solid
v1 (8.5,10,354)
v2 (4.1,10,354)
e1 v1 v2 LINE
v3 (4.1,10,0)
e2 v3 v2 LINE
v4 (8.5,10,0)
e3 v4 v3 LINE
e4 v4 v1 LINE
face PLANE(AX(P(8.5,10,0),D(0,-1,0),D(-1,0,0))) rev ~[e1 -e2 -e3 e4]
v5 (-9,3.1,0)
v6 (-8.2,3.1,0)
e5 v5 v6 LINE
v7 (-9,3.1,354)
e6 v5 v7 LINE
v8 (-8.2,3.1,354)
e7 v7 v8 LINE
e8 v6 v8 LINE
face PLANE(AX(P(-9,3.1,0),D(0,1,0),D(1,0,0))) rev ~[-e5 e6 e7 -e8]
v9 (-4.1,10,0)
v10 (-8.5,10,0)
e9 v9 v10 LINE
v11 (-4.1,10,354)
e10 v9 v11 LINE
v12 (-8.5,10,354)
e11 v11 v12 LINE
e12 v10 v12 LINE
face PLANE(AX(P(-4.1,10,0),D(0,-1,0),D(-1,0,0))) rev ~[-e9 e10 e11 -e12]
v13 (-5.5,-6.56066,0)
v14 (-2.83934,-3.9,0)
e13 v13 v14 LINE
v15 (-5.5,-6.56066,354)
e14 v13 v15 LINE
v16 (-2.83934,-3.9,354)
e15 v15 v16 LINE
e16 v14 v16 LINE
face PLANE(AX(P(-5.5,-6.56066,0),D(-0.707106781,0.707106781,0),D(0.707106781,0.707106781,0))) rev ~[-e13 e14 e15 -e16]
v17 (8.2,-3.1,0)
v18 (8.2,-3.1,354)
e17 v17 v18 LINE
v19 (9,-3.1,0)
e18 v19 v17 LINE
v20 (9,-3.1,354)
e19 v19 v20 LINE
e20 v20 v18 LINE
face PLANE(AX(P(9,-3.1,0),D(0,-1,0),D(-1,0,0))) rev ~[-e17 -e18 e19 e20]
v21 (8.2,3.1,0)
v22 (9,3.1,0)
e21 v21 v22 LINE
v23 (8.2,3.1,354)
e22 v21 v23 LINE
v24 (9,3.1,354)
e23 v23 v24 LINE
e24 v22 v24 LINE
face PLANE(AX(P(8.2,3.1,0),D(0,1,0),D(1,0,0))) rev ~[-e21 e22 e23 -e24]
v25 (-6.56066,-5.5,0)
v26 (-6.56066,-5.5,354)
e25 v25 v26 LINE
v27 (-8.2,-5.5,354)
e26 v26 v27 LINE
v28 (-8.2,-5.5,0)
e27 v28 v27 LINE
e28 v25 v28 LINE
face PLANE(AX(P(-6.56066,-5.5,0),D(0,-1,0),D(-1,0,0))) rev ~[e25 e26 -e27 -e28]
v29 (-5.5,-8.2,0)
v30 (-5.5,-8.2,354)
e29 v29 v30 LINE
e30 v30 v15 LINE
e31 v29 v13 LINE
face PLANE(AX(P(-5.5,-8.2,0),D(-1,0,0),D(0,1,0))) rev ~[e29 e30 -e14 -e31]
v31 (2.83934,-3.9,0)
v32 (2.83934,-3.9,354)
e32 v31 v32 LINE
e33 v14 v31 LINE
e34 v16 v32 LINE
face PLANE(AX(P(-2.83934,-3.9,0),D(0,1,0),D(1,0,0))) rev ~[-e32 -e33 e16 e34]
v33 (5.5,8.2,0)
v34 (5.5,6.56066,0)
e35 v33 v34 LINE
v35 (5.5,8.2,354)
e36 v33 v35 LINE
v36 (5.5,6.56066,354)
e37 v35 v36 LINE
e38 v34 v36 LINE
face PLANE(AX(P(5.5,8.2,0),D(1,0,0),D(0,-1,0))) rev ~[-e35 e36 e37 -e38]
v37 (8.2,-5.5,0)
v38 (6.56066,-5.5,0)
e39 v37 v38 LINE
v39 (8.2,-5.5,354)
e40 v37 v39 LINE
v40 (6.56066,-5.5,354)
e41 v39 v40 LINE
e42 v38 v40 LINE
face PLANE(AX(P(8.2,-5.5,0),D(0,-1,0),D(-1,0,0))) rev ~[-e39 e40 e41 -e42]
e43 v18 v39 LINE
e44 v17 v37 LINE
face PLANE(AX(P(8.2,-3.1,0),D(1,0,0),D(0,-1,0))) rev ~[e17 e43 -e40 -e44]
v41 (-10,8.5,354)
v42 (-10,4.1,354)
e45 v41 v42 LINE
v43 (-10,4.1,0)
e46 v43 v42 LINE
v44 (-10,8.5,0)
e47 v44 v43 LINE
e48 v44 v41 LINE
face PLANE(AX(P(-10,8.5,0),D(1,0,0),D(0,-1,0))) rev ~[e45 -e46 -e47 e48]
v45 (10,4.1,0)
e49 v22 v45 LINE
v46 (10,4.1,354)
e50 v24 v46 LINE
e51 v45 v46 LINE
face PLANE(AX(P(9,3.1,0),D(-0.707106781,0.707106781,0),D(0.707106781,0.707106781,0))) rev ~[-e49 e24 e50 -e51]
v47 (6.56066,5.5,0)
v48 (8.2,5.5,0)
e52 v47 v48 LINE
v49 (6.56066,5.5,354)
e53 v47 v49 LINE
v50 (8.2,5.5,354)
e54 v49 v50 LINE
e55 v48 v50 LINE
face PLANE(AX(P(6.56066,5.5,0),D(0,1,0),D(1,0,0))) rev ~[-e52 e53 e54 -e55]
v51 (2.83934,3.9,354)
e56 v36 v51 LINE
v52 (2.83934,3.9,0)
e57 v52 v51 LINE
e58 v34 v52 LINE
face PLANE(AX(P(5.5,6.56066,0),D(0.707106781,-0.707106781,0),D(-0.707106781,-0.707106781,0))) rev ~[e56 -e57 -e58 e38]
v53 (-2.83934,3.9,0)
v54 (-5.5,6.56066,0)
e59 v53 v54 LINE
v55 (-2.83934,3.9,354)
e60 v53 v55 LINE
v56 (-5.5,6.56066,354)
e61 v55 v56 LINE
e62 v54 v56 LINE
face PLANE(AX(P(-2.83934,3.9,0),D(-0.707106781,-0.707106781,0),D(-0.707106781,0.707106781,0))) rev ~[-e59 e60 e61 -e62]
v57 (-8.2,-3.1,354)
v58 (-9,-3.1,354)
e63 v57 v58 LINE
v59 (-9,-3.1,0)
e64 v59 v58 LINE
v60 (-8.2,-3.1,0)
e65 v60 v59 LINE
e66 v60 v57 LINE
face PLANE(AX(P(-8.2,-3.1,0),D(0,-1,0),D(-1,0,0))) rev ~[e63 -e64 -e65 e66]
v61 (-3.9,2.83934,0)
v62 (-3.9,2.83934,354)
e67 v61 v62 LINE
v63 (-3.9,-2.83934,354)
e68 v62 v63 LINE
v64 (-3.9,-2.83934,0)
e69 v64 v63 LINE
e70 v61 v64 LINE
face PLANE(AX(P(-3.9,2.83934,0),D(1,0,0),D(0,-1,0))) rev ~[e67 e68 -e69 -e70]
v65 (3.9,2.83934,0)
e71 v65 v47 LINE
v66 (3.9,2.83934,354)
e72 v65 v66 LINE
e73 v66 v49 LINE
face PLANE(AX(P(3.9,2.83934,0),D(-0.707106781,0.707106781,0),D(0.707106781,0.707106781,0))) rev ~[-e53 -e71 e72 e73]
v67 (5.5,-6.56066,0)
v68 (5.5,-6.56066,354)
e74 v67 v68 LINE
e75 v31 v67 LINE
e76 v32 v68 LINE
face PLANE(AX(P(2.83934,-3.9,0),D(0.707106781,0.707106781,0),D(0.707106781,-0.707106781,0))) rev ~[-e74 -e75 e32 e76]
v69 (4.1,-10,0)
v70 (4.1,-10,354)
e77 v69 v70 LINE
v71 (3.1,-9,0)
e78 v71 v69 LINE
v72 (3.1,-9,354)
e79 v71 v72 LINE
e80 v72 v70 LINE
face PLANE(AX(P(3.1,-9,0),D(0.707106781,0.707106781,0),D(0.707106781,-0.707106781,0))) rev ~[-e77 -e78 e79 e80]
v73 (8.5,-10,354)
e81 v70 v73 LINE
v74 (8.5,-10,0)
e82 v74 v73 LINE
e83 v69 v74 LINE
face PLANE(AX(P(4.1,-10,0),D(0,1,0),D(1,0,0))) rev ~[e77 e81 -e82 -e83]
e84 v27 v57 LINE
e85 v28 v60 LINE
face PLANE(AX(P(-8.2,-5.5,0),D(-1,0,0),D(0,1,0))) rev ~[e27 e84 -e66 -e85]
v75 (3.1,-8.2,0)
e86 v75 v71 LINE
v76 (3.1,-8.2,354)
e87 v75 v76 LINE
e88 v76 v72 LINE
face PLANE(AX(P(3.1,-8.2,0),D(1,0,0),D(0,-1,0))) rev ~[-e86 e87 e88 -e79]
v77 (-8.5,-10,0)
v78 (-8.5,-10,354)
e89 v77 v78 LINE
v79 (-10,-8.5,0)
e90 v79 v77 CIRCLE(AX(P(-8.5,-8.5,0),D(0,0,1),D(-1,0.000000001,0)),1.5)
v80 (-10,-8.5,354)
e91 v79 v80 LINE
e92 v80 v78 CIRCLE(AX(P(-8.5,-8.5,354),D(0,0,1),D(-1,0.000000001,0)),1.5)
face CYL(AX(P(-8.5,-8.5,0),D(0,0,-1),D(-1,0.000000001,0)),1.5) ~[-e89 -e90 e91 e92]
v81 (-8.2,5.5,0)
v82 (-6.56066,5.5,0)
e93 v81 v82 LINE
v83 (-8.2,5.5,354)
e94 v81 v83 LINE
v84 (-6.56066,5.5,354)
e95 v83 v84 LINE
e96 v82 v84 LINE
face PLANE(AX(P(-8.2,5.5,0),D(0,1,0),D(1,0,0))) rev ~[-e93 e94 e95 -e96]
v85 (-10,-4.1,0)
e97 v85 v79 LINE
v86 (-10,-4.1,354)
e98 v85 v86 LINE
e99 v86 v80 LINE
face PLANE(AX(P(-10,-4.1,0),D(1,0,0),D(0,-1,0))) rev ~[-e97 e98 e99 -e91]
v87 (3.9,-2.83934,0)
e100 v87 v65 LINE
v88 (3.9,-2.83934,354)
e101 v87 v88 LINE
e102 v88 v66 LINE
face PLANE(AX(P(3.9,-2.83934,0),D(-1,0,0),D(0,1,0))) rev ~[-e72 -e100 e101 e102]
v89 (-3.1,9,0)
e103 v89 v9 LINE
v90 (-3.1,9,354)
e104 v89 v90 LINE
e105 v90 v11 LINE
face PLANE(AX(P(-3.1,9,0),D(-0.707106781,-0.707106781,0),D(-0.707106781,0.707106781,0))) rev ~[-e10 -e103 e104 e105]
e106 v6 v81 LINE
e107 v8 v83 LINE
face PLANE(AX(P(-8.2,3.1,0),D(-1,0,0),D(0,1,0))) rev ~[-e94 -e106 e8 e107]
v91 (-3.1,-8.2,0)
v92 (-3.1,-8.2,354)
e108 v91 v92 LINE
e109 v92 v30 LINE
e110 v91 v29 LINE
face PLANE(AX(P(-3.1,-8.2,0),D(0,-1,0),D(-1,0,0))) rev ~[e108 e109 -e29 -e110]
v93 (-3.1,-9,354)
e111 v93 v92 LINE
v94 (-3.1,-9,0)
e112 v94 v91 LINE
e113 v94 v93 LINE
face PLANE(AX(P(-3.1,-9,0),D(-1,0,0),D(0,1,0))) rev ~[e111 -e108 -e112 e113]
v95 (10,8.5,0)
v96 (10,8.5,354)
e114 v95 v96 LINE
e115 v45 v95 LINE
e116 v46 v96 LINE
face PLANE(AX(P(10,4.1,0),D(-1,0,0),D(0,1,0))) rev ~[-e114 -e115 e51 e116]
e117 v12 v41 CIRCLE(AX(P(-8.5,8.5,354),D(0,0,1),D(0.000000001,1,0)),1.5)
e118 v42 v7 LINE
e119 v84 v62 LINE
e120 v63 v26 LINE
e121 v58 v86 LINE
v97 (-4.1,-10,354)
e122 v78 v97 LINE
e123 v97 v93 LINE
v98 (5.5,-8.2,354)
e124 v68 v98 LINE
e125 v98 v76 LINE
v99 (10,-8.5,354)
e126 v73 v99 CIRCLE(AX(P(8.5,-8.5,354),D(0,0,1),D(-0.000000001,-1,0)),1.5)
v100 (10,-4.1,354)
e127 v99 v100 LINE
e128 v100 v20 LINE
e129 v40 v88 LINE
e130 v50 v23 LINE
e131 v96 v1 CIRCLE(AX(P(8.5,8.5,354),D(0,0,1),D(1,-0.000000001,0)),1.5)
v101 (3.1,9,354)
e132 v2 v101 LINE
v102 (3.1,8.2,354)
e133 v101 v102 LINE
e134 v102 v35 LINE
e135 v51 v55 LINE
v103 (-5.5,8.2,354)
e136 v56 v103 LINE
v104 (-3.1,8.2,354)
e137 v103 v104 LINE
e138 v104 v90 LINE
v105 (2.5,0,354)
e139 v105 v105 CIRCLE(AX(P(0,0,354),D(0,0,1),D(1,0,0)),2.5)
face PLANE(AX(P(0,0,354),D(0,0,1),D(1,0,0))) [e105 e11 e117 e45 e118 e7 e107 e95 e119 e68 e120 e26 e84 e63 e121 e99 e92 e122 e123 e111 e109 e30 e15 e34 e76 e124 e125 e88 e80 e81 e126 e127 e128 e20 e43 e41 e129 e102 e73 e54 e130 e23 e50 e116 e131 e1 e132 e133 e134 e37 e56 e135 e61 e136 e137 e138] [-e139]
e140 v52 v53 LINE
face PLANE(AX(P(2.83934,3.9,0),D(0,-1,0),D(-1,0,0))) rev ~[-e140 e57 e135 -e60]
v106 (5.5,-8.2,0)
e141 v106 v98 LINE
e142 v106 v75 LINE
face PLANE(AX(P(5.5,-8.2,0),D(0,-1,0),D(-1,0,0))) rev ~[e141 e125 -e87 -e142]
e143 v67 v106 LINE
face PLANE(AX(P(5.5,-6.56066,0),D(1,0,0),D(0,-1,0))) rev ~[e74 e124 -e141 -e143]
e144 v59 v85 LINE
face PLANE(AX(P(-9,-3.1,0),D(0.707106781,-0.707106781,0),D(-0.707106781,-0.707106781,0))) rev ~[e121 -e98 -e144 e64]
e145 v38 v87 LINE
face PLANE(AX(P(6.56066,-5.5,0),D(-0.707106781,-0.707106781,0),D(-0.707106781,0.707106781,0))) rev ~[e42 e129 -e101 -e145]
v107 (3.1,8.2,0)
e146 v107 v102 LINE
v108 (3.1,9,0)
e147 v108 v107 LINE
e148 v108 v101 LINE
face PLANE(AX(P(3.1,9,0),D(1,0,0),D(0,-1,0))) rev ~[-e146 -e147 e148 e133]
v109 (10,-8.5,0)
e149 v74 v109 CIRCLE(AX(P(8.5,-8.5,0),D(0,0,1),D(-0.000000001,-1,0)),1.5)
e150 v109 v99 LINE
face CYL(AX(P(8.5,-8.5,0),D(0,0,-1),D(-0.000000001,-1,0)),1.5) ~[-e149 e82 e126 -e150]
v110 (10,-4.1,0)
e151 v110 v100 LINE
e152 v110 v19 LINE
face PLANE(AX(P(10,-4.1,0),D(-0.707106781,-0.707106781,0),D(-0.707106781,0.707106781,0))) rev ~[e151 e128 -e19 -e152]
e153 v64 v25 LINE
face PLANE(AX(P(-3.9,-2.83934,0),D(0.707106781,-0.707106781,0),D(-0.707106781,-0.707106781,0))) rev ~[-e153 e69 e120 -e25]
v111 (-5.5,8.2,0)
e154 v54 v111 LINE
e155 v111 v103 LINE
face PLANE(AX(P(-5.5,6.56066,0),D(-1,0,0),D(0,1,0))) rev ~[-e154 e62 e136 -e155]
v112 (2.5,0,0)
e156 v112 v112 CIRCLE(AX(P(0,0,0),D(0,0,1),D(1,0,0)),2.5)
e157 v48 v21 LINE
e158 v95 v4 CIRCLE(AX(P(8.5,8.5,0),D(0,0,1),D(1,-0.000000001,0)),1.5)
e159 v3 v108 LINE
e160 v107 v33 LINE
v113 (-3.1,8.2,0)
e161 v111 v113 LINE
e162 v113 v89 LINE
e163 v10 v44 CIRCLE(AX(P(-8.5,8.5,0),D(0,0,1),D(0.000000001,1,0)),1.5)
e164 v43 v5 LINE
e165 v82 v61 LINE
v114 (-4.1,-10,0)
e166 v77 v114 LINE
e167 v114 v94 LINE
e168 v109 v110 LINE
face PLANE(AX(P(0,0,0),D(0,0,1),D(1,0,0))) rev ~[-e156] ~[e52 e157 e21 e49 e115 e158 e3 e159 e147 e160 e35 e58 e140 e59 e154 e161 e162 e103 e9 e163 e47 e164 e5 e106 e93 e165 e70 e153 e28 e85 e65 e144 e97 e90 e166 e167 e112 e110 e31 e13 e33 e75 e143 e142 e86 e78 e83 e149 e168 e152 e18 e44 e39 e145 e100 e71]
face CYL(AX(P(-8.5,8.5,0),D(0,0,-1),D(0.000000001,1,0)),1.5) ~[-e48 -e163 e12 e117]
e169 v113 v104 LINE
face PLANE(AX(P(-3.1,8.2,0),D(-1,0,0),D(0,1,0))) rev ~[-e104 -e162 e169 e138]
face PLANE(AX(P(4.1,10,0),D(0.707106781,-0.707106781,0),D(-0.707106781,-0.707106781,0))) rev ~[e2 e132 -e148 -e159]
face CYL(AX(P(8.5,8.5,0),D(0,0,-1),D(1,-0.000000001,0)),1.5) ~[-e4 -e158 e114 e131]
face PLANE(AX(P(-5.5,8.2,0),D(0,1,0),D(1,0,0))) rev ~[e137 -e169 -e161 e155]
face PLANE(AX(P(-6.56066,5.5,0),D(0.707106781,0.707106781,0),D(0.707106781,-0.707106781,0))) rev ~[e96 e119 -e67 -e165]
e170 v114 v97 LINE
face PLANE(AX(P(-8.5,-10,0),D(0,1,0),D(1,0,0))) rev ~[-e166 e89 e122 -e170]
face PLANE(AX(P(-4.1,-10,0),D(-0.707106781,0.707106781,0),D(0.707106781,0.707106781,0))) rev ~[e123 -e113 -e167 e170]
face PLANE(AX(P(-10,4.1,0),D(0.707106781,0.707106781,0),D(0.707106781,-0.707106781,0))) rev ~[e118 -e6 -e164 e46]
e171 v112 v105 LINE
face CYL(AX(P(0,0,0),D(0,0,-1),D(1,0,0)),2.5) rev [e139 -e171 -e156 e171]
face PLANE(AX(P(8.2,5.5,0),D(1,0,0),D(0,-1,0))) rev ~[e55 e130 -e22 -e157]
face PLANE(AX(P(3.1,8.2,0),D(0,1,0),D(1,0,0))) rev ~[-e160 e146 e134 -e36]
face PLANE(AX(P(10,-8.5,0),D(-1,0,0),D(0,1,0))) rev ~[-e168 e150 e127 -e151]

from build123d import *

# Parameters (mm, degrees)
SKETCH1_R           = 2.5
BOSS_EXTRUDE1_DEPTH = 354


with BuildPart() as part:
    # Sketch1 → Boss-Extrude1 (new body)
    with BuildSketch(Plane.XY):
        with BuildLine():
            Line((2.839339828, 3.9), (-2.839339828, 3.9))
            Line((-2.839339828, 3.9), (-5.5, 6.560660172))
            Line((-5.5, 6.560660172), (-5.5, 8.2))
            Line((-5.5, 8.2), (-3.1, 8.2))
            Line((-3.1, 8.2), (-3.1, 9))
            Line((-3.1, 9), (-4.1, 10))
            Line((-4.1, 10), (-8.5, 10))
            ThreePointArc((-8.5, 10), (-9.560660172, 9.560660172), (-10, 8.5))
            Line((-10, 8.5), (-10, 4.1))
            Line((-10, 4.1), (-9, 3.1))
            Line((-9, 3.1), (-8.2, 3.1))
            Line((-8.2, 3.1), (-8.2, 5.5))
            Line((-8.2, 5.5), (-6.560660172, 5.5))
            Line((-6.560660172, 5.5), (-3.9, 2.839339828))
            Line((-3.9, 2.839339828), (-3.9, -2.839339828))
            Line((-3.9, -2.839339828), (-6.560660172, -5.5))
            Line((-6.560660172, -5.5), (-8.2, -5.5))
            Line((-8.2, -5.5), (-8.2, -3.1))
            Line((-8.2, -3.1), (-9, -3.1))
            Line((-9, -3.1), (-10, -4.1))
            Line((-10, -4.1), (-10, -8.5))
            ThreePointArc((-10, -8.5), (-9.560660172, -9.560660172), (-8.5, -10))
            Line((-8.5, -10), (-4.1, -10))
            Line((-4.1, -10), (-3.1, -9))
            Line((-3.1, -9), (-3.1, -8.2))
            Line((-3.1, -8.2), (-5.5, -8.2))
            Line((-5.5, -8.2), (-5.5, -6.560660172))
            Line((-5.5, -6.560660172), (-2.839339828, -3.9))
            Line((-2.839339828, -3.9), (2.839339828, -3.9))
            Line((2.839339828, -3.9), (5.5, -6.560660172))
            Line((5.5, -6.560660172), (5.5, -8.2))
            Line((5.5, -8.2), (3.1, -8.2))
            Line((3.1, -8.2), (3.1, -9))
            Line((3.1, -9), (4.1, -10))
            Line((4.1, -10), (8.5, -10))
            ThreePointArc((8.5, -10), (9.560660172, -9.560660172), (10, -8.5))
            Line((10, -8.5), (10, -4.1))
            Line((10, -4.1), (9, -3.1))
            Line((9, -3.1), (8.2, -3.1))
            Line((8.2, -3.1), (8.2, -5.5))
            Line((8.2, -5.5), (6.560660172, -5.5))
            Line((6.560660172, -5.5), (3.9, -2.839339828))
            Line((3.9, -2.839339828), (3.9, 2.839339828))
            Line((3.9, 2.839339828), (6.560660172, 5.5))
            Line((6.560660172, 5.5), (8.2, 5.5))
            Line((8.2, 5.5), (8.2, 3.1))
            Line((8.2, 3.1), (9, 3.1))
            Line((9, 3.1), (10, 4.1))
            Line((10, 4.1), (10, 8.5))
            ThreePointArc((10, 8.5), (9.560660172, 9.560660172), (8.5, 10))
            Line((8.5, 10), (4.1, 10))
            Line((4.1, 10), (3.1, 9))
            Line((3.1, 9), (3.1, 8.2))
            Line((3.1, 8.2), (5.5, 8.2))
            Line((5.5, 8.2), (5.5, 6.560660172))
            Line((5.5, 6.560660172), (2.839339828, 3.9))
        make_face()
        Circle(SKETCH1_R, mode=Mode.SUBTRACT)
    extrude(amount=BOSS_EXTRUDE1_DEPTH)


solid = part.part
